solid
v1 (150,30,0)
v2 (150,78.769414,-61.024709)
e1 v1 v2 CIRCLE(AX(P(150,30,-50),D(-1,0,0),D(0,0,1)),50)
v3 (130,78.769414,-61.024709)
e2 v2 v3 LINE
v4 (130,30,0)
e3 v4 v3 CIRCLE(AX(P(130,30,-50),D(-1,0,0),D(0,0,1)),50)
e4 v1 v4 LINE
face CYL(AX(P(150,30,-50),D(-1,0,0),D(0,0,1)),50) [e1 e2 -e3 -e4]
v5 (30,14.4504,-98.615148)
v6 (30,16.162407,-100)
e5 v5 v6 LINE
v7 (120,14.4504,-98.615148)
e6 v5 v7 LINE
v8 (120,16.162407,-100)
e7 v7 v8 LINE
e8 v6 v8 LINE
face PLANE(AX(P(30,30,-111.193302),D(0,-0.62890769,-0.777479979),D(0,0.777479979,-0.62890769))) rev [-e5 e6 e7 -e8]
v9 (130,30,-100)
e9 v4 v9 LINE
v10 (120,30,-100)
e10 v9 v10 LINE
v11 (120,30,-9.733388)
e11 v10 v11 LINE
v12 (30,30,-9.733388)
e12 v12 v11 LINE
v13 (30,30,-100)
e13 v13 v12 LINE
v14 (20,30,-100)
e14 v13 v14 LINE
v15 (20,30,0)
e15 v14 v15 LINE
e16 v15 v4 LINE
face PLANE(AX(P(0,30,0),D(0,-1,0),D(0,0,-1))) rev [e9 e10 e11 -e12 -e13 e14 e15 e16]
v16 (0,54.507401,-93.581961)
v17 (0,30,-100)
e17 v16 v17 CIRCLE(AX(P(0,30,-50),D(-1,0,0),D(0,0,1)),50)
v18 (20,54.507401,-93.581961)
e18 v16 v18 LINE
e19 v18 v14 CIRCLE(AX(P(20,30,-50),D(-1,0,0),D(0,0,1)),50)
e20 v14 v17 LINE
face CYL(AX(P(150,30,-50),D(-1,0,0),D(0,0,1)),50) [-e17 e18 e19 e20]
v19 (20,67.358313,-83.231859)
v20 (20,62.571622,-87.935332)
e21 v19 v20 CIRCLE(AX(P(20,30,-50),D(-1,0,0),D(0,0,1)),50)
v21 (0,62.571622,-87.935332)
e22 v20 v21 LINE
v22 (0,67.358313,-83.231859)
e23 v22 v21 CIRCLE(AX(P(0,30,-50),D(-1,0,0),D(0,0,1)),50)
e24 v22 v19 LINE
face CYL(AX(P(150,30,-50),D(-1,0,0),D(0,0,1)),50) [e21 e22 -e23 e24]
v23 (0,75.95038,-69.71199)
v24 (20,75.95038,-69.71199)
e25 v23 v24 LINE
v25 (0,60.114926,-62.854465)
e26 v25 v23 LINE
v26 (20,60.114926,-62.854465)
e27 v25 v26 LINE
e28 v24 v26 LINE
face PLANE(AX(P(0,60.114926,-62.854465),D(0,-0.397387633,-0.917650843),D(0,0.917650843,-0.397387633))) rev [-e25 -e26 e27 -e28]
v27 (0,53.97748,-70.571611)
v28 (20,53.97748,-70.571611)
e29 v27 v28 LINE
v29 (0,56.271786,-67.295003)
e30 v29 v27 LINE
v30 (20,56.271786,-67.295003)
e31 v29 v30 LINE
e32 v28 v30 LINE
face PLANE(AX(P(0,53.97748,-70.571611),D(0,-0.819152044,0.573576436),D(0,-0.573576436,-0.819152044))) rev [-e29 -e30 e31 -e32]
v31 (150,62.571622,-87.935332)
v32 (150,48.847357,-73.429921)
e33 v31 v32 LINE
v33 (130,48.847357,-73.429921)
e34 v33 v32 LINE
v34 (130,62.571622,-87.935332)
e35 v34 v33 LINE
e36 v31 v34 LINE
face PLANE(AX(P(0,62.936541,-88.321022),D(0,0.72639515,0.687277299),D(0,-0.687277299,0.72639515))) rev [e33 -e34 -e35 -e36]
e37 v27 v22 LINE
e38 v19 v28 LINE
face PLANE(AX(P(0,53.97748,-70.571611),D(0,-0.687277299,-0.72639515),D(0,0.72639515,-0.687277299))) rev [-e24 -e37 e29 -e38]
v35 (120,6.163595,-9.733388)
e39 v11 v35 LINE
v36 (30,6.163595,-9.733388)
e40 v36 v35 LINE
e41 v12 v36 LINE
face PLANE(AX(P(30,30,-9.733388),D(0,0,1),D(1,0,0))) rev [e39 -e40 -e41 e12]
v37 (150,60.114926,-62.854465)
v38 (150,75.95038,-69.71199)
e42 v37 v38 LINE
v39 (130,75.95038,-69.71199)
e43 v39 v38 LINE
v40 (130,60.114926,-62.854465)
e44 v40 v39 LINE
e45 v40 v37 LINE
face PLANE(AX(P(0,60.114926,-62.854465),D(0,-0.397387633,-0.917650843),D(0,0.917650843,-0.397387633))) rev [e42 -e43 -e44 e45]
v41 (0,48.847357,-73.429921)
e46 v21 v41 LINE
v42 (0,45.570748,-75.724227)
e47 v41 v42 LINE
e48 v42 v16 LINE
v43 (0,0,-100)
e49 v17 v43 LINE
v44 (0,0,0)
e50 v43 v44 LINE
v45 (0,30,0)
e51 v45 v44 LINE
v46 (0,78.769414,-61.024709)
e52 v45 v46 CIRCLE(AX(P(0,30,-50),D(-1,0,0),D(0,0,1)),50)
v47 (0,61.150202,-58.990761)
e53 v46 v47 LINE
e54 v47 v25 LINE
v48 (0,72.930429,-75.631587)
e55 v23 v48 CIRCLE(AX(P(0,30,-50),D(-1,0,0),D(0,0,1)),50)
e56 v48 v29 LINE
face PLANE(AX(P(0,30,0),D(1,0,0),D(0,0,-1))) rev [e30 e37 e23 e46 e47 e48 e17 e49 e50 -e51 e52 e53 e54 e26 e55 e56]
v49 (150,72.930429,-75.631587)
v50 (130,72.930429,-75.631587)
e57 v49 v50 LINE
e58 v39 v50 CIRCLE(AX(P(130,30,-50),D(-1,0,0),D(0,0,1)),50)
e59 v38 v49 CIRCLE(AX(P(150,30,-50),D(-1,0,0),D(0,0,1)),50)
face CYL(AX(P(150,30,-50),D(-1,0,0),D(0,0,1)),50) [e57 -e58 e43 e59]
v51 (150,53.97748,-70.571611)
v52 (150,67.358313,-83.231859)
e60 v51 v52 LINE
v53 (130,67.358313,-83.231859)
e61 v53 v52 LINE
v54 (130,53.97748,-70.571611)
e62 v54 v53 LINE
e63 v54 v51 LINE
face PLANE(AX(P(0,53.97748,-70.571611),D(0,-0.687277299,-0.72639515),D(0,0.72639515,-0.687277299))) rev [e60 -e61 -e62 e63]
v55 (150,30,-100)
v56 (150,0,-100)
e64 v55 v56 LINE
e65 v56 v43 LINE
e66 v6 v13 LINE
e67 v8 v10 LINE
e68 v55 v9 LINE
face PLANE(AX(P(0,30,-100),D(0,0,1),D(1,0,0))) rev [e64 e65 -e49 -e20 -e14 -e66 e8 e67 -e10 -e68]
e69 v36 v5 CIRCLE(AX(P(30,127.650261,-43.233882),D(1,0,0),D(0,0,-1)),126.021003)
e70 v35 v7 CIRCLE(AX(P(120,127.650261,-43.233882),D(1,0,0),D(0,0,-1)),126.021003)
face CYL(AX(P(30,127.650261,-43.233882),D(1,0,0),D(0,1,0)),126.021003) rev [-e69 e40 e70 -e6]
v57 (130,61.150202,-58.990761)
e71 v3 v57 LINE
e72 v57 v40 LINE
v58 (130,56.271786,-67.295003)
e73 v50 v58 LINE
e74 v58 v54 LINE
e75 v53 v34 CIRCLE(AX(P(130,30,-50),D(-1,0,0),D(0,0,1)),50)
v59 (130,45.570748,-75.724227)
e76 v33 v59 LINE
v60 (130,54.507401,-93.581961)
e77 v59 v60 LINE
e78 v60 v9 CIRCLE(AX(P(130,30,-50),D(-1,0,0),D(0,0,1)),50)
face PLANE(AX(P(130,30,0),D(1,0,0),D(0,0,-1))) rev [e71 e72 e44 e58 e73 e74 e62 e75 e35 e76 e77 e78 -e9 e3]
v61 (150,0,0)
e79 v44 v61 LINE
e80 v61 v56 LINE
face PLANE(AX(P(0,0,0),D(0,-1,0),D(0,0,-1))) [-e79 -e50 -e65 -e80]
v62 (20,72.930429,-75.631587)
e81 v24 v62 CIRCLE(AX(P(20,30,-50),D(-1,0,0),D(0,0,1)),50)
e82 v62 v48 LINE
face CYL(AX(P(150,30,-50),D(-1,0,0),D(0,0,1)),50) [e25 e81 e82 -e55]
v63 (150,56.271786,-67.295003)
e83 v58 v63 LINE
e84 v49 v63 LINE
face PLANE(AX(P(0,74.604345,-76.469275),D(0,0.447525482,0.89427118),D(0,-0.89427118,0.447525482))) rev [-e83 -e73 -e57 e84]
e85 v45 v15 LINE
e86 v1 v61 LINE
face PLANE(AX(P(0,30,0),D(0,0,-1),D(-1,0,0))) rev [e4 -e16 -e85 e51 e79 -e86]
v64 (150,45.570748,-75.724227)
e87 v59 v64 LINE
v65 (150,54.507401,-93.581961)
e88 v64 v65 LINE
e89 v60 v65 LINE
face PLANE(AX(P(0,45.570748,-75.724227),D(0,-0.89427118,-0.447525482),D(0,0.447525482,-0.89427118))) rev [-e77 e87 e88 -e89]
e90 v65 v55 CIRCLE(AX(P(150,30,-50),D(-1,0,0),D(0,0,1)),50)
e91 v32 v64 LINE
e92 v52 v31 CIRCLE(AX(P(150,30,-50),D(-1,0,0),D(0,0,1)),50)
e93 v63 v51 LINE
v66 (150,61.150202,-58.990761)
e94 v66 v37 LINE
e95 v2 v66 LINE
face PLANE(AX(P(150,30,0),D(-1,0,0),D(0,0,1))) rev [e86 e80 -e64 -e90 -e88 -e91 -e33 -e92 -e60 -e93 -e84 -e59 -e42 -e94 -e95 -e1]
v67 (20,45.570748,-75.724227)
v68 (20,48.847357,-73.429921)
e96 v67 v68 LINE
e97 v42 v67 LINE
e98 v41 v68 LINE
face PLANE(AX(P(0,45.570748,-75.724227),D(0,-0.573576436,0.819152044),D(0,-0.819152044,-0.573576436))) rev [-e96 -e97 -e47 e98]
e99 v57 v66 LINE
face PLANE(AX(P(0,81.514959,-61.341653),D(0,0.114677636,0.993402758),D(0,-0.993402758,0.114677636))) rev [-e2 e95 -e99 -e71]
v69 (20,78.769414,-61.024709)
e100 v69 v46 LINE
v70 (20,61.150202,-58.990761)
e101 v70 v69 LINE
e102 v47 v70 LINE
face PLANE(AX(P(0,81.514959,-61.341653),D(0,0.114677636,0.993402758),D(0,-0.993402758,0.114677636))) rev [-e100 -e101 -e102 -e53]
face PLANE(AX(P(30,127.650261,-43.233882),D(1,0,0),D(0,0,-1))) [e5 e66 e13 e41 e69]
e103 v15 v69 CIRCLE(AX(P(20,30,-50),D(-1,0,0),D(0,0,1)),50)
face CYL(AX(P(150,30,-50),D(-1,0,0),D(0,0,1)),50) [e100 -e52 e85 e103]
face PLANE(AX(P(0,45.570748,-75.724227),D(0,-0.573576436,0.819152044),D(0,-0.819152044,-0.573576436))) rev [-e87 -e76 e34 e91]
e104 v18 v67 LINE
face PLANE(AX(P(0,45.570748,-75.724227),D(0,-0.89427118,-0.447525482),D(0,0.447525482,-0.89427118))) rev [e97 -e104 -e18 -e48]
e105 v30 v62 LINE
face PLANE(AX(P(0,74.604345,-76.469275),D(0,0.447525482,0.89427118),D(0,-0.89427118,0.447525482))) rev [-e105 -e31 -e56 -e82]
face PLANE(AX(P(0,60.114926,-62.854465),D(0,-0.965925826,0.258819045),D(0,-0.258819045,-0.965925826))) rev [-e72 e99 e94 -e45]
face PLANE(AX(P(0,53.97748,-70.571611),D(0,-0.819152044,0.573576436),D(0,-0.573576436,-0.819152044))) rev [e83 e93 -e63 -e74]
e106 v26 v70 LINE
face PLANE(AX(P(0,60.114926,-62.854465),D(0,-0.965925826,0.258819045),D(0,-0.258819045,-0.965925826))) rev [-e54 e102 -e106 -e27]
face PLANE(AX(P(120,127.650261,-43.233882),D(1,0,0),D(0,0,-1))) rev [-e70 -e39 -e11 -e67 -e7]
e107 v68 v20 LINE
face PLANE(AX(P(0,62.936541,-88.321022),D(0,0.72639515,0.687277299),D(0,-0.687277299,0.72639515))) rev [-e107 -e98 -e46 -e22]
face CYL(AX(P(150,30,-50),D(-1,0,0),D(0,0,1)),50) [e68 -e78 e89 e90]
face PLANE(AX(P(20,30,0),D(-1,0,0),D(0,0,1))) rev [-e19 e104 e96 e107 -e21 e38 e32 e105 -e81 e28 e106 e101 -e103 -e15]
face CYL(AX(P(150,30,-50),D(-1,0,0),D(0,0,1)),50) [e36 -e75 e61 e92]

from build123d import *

# Parameters (mm, degrees)
SKETCH1_W           = 150
SKETCH1_H           = 100
BOSS_EXTRUDE1_DEPTH = 30
SKETCH3_W           = 20
SKETCH3_H           = 50
REVOLVE1_ANGLE      = 180
CUT_EXTRUDE2_DEPTH  = 198.230829233
CIRPATTERN1_COUNT   = 3
CIRPATTERN1_ANGLE   = 40
CUT_EXTRUDE3_START  = -30
CUT_EXTRUDE3_DEPTH  = 90


with BuildPart() as part:
    # Sketch1 → Boss-Extrude1 (new body)
    with BuildSketch(Plane(origin=(0, 0, 0), x_dir=(1, 0, 0), z_dir=(0, 1, 0))):
        with Locations((75, 50)):
            Rectangle(SKETCH1_W, SKETCH1_H)
    extrude(amount=BOSS_EXTRUDE1_DEPTH)

    # Sketch3 → Revolve1 (revolve)
    with BuildSketch(Plane(origin=(0, 30, 0), x_dir=(1, 0, 0), z_dir=(0, 1, 0))):
        with Locations((140, 75)):
            Rectangle(SKETCH3_W, SKETCH3_H)
        with Locations((10, 75)):
            Rectangle(SKETCH3_W, SKETCH3_H)
    revolve(axis=Axis((150, 30, -50), (1, 0, 0)), revolution_arc=REVOLVE1_ANGLE)

    # Sketch4 → Cut-Extrude2 (cut, through all)
    with BuildSketch(Plane(origin=(150, 0, 0), x_dir=(0, 0, -1), z_dir=(1, 0, 0))):
        Polygon((94.056786042, 54.745020752), (88.321021678, 62.936541195), (73.429921107, 48.847356556), (75.724226853, 45.570748379), align=None)
    cut_extrude2 = extrude(amount=-CUT_EXTRUDE2_DEPTH, mode=Mode.SUBTRACT)

    # CirPattern1: Cut-Extrude2 ×3 about axis
    cirpattern1_axis = Axis((0, 35.163146629, -49.309446005), (1, 0, 0))
    for i in range(1, CIRPATTERN1_COUNT):
        add(cut_extrude2.rotate(cirpattern1_axis, i * CIRPATTERN1_ANGLE / (CIRPATTERN1_COUNT - 1)), mode=Mode.SUBTRACT)

    # Sketch8 → Cut-Extrude3 (cut)
    with BuildSketch(Plane(origin=(150, 0, 0), x_dir=(0, 0, -1), z_dir=(1, 0, 0)).offset(CUT_EXTRUDE3_START)):
        with BuildLine():
            Line((111.193302221, 30), (9.733387686, 30))
            Line((9.733387686, 30), (9.733387686, 6.163594969))
            ThreePointArc((9.733387686, 6.163594969), (54.932592736, 2.173437288), (98.615148428, 14.450400418))
            Line((98.615148428, 14.450400418), (111.193302221, 30))
        make_face()
    extrude(amount=-CUT_EXTRUDE3_DEPTH, mode=Mode.SUBTRACT)


solid = part.part
